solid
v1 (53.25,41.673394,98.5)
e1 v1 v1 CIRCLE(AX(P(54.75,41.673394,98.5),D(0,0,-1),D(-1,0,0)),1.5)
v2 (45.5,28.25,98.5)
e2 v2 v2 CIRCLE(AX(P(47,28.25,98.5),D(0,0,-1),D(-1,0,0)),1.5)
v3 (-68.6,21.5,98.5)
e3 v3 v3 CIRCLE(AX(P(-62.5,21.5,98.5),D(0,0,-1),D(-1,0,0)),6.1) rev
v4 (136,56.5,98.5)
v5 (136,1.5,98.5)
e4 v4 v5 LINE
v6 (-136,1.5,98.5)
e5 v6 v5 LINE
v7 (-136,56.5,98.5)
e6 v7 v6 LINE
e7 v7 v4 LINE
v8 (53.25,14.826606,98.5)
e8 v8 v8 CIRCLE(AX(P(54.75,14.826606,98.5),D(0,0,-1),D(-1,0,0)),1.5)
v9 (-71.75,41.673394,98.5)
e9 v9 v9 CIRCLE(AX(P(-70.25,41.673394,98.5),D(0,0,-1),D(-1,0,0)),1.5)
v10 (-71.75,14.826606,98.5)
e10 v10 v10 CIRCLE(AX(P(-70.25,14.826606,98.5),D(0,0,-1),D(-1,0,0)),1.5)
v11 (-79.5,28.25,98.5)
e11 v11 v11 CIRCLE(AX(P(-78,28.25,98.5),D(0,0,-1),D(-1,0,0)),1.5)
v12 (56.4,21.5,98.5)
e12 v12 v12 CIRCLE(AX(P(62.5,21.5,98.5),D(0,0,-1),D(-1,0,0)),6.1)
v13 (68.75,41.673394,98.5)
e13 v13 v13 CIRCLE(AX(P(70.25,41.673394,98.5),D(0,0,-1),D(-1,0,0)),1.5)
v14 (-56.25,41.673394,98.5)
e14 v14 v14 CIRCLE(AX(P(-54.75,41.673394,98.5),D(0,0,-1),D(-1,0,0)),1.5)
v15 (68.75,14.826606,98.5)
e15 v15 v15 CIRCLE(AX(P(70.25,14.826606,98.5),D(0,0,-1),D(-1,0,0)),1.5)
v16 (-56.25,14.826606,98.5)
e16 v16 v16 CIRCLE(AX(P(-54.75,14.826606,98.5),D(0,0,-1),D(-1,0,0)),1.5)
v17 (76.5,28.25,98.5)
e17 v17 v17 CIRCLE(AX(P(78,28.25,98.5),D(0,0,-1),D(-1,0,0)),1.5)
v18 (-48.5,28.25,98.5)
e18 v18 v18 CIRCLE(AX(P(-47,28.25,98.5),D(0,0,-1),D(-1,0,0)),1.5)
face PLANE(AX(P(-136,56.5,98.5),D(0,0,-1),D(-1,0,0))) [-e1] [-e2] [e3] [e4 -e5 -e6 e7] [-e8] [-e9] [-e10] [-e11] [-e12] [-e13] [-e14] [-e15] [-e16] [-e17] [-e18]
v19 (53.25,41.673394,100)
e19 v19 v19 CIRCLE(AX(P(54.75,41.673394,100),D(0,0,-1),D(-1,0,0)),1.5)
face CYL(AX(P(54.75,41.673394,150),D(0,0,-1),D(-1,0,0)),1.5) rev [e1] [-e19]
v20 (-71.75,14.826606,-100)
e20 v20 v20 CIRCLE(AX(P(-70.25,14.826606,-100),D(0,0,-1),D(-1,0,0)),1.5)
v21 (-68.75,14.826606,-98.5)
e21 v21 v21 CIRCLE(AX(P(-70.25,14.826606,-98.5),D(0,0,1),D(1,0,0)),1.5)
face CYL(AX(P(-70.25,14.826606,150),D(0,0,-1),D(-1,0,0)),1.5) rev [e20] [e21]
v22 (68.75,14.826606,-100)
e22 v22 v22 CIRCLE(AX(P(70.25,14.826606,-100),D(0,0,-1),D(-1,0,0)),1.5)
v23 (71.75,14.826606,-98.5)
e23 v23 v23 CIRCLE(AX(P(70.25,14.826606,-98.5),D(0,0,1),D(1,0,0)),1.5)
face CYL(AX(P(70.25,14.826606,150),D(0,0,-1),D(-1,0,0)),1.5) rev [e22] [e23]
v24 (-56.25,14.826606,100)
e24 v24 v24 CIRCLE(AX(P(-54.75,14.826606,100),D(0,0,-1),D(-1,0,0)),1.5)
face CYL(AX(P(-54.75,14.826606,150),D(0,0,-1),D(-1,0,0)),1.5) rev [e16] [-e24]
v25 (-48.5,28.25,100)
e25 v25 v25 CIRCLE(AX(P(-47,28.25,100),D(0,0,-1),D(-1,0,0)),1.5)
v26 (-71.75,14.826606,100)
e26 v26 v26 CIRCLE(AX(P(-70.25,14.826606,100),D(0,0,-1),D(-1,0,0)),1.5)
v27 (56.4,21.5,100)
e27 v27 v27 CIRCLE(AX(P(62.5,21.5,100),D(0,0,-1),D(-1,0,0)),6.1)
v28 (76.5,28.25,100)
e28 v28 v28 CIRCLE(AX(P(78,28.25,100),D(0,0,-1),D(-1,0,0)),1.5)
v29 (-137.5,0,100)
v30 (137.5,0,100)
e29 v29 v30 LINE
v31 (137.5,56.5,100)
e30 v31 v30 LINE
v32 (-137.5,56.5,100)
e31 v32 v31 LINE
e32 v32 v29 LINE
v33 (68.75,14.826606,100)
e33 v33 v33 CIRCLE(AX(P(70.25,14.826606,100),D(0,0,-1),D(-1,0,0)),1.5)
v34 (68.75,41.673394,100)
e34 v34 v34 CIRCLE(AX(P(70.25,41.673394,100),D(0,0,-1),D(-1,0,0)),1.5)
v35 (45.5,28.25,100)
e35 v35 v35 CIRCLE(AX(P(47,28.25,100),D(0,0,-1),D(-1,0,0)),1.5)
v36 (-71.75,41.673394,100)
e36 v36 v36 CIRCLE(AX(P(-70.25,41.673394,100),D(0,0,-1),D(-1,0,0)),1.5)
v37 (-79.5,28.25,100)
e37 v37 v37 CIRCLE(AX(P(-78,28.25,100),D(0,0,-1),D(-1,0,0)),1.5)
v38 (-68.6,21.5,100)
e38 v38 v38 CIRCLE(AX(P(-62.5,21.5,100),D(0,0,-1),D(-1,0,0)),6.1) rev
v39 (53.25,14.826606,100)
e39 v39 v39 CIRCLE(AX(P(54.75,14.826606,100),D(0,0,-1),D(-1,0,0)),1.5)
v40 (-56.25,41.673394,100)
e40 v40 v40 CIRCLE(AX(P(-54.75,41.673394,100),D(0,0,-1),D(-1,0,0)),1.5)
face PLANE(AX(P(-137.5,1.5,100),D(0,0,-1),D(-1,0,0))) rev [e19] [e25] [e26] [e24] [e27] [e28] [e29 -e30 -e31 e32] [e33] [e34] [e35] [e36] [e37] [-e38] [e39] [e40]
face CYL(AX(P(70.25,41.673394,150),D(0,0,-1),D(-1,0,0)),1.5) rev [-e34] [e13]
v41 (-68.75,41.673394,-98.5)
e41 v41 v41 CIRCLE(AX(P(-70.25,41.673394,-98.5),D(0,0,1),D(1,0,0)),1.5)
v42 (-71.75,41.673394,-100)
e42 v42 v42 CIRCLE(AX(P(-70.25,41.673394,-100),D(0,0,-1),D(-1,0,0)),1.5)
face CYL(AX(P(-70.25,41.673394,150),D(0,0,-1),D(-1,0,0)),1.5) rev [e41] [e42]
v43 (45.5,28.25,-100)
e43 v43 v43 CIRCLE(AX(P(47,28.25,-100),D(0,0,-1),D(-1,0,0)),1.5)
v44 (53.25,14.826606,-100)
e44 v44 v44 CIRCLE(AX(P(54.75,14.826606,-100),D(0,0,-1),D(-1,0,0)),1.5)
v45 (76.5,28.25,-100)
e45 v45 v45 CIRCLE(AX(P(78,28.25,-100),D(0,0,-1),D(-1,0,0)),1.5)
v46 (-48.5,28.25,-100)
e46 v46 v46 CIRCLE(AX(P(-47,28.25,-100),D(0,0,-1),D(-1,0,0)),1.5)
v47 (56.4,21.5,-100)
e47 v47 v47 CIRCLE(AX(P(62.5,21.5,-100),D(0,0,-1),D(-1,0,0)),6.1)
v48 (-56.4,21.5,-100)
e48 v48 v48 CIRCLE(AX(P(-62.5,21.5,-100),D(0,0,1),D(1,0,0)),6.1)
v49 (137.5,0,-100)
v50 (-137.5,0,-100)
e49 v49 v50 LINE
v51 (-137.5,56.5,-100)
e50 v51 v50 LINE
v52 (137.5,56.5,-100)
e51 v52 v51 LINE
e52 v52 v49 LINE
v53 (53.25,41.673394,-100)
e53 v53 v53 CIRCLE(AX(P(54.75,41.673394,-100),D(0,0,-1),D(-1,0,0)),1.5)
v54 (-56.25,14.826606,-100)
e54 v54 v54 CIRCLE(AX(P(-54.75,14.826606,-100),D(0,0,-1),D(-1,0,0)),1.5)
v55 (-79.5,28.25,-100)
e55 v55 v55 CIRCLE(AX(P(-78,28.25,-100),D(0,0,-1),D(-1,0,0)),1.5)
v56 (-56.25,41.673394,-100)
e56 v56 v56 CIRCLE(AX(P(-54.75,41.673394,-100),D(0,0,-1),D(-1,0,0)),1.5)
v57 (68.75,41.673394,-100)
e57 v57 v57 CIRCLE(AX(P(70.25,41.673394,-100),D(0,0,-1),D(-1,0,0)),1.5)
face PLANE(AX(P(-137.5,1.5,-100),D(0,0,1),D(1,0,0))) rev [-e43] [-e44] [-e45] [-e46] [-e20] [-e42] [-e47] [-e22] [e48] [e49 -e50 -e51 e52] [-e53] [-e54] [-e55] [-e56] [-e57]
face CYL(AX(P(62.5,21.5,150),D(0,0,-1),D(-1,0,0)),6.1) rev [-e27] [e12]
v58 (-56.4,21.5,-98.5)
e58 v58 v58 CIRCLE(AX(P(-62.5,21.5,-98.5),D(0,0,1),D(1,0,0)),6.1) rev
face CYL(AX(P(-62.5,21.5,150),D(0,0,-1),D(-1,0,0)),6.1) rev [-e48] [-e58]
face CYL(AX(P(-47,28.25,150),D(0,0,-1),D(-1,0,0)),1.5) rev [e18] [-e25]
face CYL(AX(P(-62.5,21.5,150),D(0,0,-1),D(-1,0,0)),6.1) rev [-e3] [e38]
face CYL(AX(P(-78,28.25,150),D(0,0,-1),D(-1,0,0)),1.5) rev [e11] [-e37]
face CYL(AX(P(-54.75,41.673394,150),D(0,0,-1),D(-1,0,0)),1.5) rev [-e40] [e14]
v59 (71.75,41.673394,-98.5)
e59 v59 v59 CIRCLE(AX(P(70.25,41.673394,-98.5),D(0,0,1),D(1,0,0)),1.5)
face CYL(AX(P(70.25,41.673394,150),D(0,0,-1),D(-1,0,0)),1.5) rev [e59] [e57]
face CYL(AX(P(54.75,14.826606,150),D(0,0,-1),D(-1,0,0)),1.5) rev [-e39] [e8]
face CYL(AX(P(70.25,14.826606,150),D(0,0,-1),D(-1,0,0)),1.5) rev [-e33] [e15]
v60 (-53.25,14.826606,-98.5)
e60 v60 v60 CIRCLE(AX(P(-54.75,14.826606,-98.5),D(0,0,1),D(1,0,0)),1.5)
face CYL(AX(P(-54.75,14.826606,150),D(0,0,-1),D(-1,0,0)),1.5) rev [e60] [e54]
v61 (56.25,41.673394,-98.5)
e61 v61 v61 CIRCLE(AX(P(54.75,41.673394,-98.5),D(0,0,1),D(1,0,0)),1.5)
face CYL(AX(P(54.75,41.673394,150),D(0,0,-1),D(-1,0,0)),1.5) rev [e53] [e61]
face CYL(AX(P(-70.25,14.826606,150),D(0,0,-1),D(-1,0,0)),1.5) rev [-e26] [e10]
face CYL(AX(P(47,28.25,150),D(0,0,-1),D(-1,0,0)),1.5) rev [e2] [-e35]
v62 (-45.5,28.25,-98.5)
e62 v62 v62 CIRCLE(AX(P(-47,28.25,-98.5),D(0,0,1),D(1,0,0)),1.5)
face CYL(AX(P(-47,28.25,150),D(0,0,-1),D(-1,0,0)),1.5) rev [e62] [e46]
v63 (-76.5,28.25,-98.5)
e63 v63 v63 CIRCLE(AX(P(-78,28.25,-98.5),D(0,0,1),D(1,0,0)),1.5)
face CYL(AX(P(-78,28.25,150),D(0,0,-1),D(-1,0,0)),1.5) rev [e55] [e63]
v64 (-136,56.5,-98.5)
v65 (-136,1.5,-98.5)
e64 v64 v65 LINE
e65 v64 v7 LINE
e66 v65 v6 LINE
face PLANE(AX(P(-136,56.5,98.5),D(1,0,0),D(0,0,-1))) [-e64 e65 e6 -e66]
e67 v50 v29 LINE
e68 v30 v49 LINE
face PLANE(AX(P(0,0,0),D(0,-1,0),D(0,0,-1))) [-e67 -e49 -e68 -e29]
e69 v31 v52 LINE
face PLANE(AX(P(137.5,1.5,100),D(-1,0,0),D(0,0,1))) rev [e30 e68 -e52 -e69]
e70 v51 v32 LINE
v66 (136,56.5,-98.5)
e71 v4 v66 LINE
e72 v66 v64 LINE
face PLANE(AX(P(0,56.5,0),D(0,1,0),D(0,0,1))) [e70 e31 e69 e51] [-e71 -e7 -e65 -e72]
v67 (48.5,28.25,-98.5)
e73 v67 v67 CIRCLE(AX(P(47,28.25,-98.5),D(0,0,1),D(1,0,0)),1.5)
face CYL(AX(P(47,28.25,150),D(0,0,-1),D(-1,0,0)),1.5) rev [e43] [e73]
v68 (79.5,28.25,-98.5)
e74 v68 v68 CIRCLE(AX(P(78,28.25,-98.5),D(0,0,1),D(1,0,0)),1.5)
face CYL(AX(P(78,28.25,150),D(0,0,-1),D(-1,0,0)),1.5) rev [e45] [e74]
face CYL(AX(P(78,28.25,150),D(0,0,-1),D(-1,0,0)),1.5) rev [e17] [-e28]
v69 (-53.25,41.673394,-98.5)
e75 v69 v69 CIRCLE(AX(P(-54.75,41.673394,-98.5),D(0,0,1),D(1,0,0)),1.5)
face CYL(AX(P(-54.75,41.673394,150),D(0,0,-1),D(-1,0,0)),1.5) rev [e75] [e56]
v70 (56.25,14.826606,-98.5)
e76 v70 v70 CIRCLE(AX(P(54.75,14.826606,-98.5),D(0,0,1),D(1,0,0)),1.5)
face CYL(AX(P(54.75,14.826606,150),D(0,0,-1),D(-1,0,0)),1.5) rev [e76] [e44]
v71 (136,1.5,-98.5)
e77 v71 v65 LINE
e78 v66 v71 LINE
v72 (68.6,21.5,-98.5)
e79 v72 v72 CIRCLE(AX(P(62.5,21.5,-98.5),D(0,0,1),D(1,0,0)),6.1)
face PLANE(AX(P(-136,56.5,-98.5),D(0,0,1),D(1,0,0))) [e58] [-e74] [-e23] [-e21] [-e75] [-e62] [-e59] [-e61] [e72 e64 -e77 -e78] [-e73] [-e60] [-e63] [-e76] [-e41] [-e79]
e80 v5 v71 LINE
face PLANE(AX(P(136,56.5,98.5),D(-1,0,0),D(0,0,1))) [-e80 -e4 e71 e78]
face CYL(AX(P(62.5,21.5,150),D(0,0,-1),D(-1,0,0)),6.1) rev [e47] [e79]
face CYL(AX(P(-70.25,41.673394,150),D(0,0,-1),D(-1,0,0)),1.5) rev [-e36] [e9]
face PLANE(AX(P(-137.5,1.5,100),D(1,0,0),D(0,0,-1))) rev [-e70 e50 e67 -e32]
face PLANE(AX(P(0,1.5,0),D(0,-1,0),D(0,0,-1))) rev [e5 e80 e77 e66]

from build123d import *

# Parameters (mm, degrees)
SKETCH1_W           = 275
SKETCH1_H           = 200
BOSS_EXTRUDE1_DEPTH = 1.5
SKETCH3_W           = 275
SKETCH3_H           = 200
SKETCH3_W_2         = 272
SKETCH3_H_2         = 197
BOSS_EXTRUDE2_DEPTH = 55
SKETCH4_R           = 1.5
SKETCH4_R_2         = 6.1
MOUNT_HOLE_DEPTH    = 250


with BuildPart() as part:
    # Sketch1 → Boss-Extrude1 (new body)
    with BuildSketch(Plane(origin=(0, 0, 0), x_dir=(1, 0, 0), z_dir=(0, 1, 0))):
        Rectangle(SKETCH1_W, SKETCH1_H)
    extrude(amount=BOSS_EXTRUDE1_DEPTH)

    # Sketch3 → Boss-Extrude2 (add)
    with BuildSketch(Plane(origin=(0, 1.5, 0), x_dir=(1, 0, 0), z_dir=(0, 1, 0))):
        Rectangle(SKETCH3_W, SKETCH3_H)
        Rectangle(SKETCH3_W_2, SKETCH3_H_2, mode=Mode.SUBTRACT)
    extrude(amount=BOSS_EXTRUDE2_DEPTH)

    # Sketch4 → MOUNT HOLE (cut)
    with BuildSketch(Plane(origin=(0, 0, -100), x_dir=(-1, 0, 0), z_dir=(0, 0, -1))):
        with Locations((-47, 28.25)):
            Circle(SKETCH4_R)
        with Locations((-54.75, 14.826606241)):
            Circle(SKETCH4_R)
        with Locations((-70.25, 14.826606241)):
            Circle(SKETCH4_R)
        with Locations((-78, 28.25)):
            Circle(SKETCH4_R)
        with Locations((-70.25, 41.673393759)):
            Circle(SKETCH4_R)
        with Locations((-54.75, 41.673393759)):
            Circle(SKETCH4_R)
        with Locations((78, 28.25)):
            Circle(SKETCH4_R)
        with Locations((70.25, 14.826606241)):
            Circle(SKETCH4_R)
        with Locations((54.75, 14.826606241)):
            Circle(SKETCH4_R)
        with Locations((47, 28.25)):
            Circle(SKETCH4_R)
        with Locations((54.75, 41.673393759)):
            Circle(SKETCH4_R)
        with Locations((70.25, 41.673393759)):
            Circle(SKETCH4_R)
        with Locations((-62.5, 21.5)):
            Circle(SKETCH4_R_2)
        with Locations((62.5, 21.5)):
            Circle(SKETCH4_R_2)
    extrude(amount=-MOUNT_HOLE_DEPTH, mode=Mode.SUBTRACT)


solid = part.part
